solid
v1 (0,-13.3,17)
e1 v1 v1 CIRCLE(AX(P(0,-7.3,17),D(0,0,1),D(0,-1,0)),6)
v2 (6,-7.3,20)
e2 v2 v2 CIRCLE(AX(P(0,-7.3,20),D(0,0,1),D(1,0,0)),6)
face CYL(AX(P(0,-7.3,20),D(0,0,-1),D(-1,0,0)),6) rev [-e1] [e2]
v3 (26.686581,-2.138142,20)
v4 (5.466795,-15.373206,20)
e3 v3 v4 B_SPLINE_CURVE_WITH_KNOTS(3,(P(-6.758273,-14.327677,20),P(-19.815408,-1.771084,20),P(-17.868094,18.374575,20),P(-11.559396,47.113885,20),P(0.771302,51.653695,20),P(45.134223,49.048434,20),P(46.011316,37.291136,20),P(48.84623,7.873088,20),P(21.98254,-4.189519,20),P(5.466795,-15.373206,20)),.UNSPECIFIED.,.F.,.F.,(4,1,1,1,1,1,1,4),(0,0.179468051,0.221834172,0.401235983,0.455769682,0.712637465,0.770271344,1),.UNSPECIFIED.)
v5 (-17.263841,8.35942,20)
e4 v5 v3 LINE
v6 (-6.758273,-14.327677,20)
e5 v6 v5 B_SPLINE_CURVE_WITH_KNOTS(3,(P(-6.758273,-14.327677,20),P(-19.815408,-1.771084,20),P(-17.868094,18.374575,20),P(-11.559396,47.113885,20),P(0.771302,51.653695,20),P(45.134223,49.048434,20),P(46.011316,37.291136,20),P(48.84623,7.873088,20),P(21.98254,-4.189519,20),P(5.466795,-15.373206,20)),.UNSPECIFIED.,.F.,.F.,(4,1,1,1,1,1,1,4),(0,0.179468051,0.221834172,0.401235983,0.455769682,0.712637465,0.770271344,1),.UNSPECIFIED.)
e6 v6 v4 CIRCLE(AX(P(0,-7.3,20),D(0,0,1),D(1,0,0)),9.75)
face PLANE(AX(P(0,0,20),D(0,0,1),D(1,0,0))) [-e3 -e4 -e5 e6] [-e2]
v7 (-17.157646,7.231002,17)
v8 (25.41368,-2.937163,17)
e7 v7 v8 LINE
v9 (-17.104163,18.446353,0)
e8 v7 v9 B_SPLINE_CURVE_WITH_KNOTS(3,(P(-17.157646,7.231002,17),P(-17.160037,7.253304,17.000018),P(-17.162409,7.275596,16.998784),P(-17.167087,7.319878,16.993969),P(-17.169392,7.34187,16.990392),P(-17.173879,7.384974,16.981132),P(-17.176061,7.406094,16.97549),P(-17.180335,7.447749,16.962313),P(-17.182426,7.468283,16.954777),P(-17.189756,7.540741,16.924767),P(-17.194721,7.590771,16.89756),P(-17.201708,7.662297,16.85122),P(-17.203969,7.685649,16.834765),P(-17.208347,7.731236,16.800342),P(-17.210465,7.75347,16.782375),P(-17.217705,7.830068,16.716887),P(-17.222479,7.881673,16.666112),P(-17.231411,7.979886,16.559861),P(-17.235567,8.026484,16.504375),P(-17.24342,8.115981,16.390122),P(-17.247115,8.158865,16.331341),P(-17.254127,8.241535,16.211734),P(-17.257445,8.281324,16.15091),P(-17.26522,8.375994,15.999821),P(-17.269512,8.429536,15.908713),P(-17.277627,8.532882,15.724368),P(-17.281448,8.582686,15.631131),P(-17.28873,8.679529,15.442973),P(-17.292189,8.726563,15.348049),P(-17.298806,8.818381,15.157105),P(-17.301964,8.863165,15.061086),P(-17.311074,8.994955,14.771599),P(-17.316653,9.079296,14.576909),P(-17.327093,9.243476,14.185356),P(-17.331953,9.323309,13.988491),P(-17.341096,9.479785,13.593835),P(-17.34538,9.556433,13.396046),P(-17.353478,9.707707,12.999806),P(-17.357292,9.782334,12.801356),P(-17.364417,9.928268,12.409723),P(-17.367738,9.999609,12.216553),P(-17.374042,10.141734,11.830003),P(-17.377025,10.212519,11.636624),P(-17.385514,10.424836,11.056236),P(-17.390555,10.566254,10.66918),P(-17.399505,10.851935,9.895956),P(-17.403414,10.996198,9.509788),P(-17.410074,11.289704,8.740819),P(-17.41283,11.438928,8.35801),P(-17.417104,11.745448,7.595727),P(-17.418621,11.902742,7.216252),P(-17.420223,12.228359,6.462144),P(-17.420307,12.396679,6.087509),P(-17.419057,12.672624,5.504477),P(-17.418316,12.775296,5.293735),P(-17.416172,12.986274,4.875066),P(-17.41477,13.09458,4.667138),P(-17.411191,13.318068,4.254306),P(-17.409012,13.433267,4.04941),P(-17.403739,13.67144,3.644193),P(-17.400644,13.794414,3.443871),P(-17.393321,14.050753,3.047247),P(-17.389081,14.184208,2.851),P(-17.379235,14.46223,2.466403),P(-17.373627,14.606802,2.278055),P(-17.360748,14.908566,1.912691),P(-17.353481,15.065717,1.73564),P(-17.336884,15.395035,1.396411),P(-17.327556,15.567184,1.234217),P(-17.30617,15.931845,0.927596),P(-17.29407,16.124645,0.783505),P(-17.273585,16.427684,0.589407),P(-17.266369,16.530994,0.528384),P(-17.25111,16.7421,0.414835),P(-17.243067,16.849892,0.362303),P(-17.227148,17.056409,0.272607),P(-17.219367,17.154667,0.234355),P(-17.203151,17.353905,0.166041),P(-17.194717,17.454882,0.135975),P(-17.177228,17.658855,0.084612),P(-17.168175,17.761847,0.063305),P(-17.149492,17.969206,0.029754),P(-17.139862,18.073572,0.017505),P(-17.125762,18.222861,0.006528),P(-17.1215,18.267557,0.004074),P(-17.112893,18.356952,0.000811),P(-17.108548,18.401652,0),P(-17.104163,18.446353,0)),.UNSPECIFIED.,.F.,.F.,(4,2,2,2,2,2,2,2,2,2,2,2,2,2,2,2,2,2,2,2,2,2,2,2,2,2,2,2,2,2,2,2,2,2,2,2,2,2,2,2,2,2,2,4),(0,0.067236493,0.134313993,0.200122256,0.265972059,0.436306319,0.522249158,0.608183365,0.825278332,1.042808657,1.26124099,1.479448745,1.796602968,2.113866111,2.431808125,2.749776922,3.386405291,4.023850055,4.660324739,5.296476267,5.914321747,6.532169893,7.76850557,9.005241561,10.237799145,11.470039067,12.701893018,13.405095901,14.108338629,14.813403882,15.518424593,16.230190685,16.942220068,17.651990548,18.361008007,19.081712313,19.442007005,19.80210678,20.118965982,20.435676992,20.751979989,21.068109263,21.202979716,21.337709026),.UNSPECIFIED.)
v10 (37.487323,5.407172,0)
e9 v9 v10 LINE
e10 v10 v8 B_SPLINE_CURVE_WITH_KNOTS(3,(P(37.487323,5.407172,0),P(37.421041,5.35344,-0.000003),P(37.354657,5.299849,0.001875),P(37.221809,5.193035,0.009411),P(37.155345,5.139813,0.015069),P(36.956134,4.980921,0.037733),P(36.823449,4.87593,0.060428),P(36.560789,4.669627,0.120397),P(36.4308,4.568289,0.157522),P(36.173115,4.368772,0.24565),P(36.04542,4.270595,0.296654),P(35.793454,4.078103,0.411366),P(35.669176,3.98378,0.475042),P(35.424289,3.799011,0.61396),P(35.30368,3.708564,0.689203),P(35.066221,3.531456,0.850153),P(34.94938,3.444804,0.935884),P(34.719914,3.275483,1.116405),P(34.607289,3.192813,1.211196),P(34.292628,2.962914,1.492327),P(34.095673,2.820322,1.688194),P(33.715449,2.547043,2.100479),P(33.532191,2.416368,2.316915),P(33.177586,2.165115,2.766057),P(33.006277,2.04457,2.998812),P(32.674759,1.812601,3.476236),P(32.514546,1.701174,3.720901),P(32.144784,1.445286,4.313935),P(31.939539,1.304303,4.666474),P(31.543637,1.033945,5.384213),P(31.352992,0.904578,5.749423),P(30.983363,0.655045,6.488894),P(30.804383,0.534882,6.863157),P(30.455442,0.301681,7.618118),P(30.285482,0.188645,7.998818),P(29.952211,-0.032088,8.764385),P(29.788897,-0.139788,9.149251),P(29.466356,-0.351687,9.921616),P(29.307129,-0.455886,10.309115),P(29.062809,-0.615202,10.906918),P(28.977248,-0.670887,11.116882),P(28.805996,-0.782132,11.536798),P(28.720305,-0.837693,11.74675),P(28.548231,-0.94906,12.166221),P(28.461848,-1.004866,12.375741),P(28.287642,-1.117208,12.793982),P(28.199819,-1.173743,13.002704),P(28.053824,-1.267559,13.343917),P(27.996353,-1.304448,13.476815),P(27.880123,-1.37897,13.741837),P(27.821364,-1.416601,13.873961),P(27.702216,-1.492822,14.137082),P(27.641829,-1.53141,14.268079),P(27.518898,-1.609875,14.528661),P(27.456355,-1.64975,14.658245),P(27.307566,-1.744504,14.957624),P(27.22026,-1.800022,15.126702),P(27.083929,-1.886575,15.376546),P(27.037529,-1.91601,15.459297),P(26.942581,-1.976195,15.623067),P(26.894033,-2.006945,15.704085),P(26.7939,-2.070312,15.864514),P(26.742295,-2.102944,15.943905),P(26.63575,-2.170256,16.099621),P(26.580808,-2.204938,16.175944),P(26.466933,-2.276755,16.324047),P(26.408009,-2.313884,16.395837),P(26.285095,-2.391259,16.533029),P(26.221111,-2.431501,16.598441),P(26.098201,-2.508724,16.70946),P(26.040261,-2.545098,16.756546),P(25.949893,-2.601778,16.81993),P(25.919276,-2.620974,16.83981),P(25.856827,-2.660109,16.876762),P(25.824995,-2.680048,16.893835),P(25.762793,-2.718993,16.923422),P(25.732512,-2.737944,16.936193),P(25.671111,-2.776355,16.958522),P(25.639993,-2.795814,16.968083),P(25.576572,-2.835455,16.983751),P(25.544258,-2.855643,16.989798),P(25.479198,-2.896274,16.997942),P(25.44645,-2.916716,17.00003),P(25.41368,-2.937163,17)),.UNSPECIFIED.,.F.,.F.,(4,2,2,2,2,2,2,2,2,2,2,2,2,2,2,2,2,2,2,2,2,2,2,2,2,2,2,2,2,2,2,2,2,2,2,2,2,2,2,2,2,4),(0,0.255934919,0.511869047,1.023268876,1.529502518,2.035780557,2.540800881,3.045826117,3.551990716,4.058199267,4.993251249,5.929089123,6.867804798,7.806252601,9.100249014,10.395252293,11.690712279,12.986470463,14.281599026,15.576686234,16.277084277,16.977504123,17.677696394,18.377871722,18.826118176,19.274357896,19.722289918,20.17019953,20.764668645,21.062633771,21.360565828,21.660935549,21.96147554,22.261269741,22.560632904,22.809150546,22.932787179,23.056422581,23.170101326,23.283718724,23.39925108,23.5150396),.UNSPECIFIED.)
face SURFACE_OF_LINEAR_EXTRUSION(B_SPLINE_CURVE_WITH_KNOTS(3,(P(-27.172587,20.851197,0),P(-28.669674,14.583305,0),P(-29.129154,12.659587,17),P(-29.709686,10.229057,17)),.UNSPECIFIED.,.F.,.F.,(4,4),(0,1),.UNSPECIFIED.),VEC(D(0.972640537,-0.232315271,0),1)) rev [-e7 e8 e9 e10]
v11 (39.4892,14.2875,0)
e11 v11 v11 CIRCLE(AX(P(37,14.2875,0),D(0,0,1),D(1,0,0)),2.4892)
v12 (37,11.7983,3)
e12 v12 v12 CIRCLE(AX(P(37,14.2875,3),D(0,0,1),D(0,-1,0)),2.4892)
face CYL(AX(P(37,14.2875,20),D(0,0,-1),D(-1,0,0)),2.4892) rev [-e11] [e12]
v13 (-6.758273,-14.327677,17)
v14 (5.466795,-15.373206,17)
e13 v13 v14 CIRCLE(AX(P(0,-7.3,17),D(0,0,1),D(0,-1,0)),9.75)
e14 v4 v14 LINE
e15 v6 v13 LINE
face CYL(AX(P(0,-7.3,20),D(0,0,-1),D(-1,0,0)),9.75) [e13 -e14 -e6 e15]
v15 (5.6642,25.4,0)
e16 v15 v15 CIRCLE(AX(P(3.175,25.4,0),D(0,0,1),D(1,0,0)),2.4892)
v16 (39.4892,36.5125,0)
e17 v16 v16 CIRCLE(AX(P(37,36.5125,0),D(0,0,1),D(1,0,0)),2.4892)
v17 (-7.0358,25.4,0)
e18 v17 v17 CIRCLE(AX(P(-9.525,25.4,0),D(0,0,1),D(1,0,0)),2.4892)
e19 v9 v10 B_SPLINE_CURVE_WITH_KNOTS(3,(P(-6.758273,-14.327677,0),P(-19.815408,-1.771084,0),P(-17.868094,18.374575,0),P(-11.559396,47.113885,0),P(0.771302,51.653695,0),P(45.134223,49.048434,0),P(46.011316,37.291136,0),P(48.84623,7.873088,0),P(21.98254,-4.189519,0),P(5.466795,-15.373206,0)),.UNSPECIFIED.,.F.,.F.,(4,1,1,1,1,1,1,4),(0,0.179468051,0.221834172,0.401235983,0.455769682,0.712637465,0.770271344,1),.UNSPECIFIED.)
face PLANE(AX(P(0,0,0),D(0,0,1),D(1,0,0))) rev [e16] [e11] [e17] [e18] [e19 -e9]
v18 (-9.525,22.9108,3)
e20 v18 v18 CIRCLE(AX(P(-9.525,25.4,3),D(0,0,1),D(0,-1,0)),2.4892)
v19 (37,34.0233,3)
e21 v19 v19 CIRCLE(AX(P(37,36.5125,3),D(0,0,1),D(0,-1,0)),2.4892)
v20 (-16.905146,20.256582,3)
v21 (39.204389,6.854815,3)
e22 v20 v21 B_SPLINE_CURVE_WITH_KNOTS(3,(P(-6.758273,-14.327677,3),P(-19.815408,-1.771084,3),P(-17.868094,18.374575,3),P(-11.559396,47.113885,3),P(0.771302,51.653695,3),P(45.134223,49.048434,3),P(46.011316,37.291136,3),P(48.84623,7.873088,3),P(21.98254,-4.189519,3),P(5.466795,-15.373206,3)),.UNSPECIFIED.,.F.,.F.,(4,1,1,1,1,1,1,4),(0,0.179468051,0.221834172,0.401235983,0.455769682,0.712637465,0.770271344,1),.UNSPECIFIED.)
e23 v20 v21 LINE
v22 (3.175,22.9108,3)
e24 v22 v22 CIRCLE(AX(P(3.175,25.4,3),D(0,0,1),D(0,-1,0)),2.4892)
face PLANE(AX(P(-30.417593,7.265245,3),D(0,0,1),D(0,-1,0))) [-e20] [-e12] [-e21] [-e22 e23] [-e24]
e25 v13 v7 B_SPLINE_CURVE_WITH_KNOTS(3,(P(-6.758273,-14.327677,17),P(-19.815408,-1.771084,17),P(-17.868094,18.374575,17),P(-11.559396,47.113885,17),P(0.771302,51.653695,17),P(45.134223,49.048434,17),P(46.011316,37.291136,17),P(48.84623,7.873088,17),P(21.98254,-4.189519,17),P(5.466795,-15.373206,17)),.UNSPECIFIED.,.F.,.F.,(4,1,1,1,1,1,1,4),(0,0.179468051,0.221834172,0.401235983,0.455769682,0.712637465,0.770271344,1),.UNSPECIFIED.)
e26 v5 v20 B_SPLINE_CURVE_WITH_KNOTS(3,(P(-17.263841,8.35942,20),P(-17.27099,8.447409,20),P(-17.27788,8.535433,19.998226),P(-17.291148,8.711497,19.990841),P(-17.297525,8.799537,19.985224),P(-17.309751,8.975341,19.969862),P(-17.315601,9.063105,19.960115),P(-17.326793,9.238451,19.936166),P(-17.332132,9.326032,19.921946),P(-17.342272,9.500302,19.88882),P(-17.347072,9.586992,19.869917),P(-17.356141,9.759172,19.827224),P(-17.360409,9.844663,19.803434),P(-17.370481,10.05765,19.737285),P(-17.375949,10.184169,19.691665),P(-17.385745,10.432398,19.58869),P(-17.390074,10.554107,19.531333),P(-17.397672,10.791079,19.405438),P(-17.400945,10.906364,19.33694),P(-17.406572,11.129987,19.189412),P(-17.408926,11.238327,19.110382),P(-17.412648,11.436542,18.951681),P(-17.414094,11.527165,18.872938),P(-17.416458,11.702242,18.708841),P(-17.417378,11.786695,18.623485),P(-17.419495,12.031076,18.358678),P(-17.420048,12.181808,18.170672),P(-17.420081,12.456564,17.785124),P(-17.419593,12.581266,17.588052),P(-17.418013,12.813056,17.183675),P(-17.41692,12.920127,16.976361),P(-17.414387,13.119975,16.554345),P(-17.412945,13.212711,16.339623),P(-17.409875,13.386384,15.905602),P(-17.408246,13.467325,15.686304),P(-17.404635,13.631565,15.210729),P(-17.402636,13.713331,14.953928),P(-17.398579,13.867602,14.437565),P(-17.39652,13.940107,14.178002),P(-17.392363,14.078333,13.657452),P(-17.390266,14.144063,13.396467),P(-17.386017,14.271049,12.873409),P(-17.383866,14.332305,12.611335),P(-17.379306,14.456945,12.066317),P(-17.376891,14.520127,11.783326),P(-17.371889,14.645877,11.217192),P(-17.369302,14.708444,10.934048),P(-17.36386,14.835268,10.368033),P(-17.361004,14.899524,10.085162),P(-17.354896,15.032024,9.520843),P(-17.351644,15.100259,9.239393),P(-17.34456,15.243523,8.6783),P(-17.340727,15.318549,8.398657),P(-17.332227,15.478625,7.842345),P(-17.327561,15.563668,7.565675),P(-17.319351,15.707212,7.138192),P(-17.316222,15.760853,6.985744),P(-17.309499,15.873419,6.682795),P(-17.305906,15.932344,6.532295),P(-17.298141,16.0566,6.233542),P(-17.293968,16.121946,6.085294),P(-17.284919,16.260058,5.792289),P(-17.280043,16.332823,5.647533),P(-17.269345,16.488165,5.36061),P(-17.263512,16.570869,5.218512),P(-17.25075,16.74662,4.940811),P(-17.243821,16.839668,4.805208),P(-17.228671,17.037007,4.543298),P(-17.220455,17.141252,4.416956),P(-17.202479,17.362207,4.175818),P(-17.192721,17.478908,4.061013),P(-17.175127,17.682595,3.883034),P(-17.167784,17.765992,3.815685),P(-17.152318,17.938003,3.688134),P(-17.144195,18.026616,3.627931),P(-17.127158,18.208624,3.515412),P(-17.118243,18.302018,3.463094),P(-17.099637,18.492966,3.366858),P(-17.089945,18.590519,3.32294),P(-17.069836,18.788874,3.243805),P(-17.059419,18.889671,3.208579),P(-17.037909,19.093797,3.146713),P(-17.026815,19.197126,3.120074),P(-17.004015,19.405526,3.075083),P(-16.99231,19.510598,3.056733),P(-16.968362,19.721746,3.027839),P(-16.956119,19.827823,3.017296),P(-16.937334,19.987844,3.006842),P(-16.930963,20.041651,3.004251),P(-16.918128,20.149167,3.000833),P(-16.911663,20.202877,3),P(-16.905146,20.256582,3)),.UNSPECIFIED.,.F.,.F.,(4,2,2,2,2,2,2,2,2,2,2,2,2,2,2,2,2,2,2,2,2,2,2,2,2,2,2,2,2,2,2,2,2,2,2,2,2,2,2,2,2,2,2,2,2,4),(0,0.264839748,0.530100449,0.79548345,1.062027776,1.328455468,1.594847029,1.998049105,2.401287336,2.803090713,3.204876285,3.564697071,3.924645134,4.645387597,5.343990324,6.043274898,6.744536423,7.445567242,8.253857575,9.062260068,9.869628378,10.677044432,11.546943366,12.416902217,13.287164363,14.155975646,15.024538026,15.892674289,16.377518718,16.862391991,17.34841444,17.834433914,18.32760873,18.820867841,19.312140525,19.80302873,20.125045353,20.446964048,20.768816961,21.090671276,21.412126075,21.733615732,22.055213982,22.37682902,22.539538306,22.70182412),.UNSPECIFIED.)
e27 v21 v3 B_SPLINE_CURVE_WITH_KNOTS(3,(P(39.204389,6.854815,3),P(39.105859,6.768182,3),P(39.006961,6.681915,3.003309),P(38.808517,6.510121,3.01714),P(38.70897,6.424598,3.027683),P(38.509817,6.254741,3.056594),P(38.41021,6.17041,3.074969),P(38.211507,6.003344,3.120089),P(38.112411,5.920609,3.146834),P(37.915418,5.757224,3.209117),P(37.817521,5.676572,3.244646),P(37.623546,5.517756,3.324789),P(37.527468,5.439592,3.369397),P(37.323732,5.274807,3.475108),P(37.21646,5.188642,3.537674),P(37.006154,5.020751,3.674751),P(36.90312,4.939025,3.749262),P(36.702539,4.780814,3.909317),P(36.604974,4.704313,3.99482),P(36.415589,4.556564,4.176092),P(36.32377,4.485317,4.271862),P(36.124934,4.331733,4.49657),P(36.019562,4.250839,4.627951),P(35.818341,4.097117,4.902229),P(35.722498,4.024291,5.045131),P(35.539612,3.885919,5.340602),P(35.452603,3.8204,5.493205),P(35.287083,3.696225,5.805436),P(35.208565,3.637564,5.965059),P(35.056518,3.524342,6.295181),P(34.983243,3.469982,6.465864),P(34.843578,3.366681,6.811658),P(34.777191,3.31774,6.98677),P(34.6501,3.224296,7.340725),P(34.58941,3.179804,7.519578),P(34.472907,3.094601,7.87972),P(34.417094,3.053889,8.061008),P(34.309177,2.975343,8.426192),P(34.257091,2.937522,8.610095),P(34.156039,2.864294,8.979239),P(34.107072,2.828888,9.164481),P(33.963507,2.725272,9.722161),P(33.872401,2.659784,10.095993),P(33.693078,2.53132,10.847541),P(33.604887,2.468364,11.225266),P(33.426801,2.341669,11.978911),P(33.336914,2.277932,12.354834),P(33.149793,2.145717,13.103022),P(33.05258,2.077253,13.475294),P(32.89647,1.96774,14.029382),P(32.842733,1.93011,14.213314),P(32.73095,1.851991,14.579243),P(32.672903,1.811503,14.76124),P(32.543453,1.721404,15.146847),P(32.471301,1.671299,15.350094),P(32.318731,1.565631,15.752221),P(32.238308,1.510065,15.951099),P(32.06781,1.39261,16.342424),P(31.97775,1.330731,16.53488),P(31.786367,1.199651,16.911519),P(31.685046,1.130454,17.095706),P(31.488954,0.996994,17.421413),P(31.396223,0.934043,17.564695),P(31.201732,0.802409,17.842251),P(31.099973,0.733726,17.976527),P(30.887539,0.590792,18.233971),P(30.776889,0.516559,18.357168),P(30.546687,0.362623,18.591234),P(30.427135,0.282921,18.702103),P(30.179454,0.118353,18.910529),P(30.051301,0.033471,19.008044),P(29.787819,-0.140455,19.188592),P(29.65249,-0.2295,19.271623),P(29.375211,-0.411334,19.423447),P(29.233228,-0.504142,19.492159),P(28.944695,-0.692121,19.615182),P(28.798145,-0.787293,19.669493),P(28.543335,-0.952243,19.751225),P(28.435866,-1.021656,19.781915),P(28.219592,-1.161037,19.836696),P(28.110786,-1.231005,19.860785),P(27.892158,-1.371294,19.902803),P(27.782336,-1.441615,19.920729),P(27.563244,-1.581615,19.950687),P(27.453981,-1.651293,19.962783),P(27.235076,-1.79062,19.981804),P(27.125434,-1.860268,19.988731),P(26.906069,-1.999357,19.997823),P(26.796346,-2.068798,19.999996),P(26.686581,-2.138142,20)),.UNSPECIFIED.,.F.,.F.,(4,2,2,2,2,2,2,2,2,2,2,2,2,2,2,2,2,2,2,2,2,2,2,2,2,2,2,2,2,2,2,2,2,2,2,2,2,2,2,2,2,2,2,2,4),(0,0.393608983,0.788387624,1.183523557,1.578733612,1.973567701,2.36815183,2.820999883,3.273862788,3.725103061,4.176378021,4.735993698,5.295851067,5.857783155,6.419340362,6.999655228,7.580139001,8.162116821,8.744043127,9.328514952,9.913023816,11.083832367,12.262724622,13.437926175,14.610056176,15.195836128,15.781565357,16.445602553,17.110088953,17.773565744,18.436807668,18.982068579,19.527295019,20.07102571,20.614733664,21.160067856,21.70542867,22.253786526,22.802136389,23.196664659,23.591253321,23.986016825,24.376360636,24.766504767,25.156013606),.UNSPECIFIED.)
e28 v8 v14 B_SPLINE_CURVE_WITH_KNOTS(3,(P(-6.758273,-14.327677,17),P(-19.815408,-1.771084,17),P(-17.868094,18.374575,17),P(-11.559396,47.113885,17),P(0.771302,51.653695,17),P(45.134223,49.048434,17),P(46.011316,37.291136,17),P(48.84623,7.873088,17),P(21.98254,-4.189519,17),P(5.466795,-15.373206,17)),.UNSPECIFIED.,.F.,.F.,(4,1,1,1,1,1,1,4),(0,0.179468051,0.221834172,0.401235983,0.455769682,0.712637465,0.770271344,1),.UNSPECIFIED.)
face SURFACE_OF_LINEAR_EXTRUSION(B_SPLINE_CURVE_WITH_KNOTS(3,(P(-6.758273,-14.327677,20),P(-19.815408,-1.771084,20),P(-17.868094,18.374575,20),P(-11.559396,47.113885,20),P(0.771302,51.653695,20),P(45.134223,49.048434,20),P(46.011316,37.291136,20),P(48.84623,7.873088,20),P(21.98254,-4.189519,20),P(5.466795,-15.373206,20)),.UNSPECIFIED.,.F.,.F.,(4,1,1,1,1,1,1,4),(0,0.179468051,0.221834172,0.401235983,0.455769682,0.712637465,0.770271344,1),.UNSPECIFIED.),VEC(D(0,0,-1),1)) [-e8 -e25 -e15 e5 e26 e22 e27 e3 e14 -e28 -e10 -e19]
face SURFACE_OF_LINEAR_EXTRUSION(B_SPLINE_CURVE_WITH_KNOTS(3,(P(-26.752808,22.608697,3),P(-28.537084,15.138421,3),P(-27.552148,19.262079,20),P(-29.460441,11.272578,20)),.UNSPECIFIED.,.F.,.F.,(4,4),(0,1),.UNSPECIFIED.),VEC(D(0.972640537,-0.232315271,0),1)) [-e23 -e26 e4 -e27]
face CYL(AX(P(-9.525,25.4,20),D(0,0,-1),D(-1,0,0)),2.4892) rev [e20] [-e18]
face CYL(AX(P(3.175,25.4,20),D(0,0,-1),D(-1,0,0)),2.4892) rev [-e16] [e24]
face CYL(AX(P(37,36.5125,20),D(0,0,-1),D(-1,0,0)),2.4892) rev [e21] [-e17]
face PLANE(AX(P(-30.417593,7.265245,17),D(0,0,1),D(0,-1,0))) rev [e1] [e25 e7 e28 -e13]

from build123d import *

# Parameters (mm, degrees)
MAIN_FEATURES_SKETCH_R   = 6
MAIN_FEATURES_SKETCH_R_2 = 2.4892
BOSS_EXTRUDE1_DEPTH      = 20
CUT_EXTRUDE1_DEPTH       = 63.701894918
CUT_EXTRUDE1_DEPTH_BACK  = 17.04931838


with BuildPart() as part:
    # main_features_sketch → Boss-Extrude1 (new body)
    with BuildSketch(Plane.XY):
        with BuildLine():
            ThreePointArc((-6.758273113, -14.327677037), (-0.830819524, -17.014537504), (5.466795464, -15.373205519))
            add(Edge.make_bspline(
                [(-6.758273113, -14.327677037), (-19.815407904, -1.771083652), (-17.868094073, 18.374574848), (-11.559395694, 47.113885006), (0.771302016, 51.653694953), (45.134222968, 49.048434389), (46.011316289, 37.291135993), (48.846230439, 7.873087579), (21.98254038, -4.189519042), (5.466795464, -15.373205519)],
                knots=[0, 0, 0, 0, 0.179468051, 0.221834172, 0.401235983, 0.455769682, 0.712637465, 0.770271344, 1, 1, 1, 1], degree=3))
        make_face()
        with Locations((0, -7.3)):
            Circle(MAIN_FEATURES_SKETCH_R, mode=Mode.SUBTRACT)
        with Locations((3.175, 25.4)):
            Circle(MAIN_FEATURES_SKETCH_R_2, mode=Mode.SUBTRACT)
        with Locations((37, 36.5125)):
            Circle(MAIN_FEATURES_SKETCH_R_2, mode=Mode.SUBTRACT)
        with Locations((37, 14.2875)):
            Circle(MAIN_FEATURES_SKETCH_R_2, mode=Mode.SUBTRACT)
        with Locations((-9.525, 25.4)):
            Circle(MAIN_FEATURES_SKETCH_R_2, mode=Mode.SUBTRACT)
    extrude(amount=BOSS_EXTRUDE1_DEPTH)

    # Sketch2 → Cut-Extrude1 (cut, two sides)
    with BuildSketch(Plane(origin=(-12.676008996, 1.492836838, 0), x_dir=(0, 0, -1), z_dir=(0.972640537, -0.232315271, 0))) as cut_extrude1_sk:
        with BuildLine():
            Line((-3, 56.346373374), (-3, 17.267886161))
            add(Edge.make_bspline(
                [(-3, 17.267886161), (-3, 9.58747876), (-20, 13.827131116), (-20, 5.61289325)],
                knots=[0, 0, 0, 0, 1, 1, 1, 1], degree=3))
            Line((-20, 5.61289325), (-20, 56.346373374))
            Line((-20, 56.346373374), (-3, 56.346373374))
        make_face()
        with BuildLine():
            add(Edge.make_bspline(
                [(0, 15.460949335), (0, 9.016747051), (-17, 7.038917007), (-17, 4.540018839)],
                knots=[0, 0, 0, 0, 1, 1, 1, 1], degree=3))
            Line((-17, 4.540018839), (-17, -15.357439085))
            Line((-17, -15.357439085), (0, -15.357439085))
            Line((0, -15.357439085), (0, 15.460949335))
        make_face()
    extrude(amount=CUT_EXTRUDE1_DEPTH, mode=Mode.SUBTRACT)
    extrude(cut_extrude1_sk.sketch, amount=-CUT_EXTRUDE1_DEPTH_BACK, mode=Mode.SUBTRACT)


solid = part.part
